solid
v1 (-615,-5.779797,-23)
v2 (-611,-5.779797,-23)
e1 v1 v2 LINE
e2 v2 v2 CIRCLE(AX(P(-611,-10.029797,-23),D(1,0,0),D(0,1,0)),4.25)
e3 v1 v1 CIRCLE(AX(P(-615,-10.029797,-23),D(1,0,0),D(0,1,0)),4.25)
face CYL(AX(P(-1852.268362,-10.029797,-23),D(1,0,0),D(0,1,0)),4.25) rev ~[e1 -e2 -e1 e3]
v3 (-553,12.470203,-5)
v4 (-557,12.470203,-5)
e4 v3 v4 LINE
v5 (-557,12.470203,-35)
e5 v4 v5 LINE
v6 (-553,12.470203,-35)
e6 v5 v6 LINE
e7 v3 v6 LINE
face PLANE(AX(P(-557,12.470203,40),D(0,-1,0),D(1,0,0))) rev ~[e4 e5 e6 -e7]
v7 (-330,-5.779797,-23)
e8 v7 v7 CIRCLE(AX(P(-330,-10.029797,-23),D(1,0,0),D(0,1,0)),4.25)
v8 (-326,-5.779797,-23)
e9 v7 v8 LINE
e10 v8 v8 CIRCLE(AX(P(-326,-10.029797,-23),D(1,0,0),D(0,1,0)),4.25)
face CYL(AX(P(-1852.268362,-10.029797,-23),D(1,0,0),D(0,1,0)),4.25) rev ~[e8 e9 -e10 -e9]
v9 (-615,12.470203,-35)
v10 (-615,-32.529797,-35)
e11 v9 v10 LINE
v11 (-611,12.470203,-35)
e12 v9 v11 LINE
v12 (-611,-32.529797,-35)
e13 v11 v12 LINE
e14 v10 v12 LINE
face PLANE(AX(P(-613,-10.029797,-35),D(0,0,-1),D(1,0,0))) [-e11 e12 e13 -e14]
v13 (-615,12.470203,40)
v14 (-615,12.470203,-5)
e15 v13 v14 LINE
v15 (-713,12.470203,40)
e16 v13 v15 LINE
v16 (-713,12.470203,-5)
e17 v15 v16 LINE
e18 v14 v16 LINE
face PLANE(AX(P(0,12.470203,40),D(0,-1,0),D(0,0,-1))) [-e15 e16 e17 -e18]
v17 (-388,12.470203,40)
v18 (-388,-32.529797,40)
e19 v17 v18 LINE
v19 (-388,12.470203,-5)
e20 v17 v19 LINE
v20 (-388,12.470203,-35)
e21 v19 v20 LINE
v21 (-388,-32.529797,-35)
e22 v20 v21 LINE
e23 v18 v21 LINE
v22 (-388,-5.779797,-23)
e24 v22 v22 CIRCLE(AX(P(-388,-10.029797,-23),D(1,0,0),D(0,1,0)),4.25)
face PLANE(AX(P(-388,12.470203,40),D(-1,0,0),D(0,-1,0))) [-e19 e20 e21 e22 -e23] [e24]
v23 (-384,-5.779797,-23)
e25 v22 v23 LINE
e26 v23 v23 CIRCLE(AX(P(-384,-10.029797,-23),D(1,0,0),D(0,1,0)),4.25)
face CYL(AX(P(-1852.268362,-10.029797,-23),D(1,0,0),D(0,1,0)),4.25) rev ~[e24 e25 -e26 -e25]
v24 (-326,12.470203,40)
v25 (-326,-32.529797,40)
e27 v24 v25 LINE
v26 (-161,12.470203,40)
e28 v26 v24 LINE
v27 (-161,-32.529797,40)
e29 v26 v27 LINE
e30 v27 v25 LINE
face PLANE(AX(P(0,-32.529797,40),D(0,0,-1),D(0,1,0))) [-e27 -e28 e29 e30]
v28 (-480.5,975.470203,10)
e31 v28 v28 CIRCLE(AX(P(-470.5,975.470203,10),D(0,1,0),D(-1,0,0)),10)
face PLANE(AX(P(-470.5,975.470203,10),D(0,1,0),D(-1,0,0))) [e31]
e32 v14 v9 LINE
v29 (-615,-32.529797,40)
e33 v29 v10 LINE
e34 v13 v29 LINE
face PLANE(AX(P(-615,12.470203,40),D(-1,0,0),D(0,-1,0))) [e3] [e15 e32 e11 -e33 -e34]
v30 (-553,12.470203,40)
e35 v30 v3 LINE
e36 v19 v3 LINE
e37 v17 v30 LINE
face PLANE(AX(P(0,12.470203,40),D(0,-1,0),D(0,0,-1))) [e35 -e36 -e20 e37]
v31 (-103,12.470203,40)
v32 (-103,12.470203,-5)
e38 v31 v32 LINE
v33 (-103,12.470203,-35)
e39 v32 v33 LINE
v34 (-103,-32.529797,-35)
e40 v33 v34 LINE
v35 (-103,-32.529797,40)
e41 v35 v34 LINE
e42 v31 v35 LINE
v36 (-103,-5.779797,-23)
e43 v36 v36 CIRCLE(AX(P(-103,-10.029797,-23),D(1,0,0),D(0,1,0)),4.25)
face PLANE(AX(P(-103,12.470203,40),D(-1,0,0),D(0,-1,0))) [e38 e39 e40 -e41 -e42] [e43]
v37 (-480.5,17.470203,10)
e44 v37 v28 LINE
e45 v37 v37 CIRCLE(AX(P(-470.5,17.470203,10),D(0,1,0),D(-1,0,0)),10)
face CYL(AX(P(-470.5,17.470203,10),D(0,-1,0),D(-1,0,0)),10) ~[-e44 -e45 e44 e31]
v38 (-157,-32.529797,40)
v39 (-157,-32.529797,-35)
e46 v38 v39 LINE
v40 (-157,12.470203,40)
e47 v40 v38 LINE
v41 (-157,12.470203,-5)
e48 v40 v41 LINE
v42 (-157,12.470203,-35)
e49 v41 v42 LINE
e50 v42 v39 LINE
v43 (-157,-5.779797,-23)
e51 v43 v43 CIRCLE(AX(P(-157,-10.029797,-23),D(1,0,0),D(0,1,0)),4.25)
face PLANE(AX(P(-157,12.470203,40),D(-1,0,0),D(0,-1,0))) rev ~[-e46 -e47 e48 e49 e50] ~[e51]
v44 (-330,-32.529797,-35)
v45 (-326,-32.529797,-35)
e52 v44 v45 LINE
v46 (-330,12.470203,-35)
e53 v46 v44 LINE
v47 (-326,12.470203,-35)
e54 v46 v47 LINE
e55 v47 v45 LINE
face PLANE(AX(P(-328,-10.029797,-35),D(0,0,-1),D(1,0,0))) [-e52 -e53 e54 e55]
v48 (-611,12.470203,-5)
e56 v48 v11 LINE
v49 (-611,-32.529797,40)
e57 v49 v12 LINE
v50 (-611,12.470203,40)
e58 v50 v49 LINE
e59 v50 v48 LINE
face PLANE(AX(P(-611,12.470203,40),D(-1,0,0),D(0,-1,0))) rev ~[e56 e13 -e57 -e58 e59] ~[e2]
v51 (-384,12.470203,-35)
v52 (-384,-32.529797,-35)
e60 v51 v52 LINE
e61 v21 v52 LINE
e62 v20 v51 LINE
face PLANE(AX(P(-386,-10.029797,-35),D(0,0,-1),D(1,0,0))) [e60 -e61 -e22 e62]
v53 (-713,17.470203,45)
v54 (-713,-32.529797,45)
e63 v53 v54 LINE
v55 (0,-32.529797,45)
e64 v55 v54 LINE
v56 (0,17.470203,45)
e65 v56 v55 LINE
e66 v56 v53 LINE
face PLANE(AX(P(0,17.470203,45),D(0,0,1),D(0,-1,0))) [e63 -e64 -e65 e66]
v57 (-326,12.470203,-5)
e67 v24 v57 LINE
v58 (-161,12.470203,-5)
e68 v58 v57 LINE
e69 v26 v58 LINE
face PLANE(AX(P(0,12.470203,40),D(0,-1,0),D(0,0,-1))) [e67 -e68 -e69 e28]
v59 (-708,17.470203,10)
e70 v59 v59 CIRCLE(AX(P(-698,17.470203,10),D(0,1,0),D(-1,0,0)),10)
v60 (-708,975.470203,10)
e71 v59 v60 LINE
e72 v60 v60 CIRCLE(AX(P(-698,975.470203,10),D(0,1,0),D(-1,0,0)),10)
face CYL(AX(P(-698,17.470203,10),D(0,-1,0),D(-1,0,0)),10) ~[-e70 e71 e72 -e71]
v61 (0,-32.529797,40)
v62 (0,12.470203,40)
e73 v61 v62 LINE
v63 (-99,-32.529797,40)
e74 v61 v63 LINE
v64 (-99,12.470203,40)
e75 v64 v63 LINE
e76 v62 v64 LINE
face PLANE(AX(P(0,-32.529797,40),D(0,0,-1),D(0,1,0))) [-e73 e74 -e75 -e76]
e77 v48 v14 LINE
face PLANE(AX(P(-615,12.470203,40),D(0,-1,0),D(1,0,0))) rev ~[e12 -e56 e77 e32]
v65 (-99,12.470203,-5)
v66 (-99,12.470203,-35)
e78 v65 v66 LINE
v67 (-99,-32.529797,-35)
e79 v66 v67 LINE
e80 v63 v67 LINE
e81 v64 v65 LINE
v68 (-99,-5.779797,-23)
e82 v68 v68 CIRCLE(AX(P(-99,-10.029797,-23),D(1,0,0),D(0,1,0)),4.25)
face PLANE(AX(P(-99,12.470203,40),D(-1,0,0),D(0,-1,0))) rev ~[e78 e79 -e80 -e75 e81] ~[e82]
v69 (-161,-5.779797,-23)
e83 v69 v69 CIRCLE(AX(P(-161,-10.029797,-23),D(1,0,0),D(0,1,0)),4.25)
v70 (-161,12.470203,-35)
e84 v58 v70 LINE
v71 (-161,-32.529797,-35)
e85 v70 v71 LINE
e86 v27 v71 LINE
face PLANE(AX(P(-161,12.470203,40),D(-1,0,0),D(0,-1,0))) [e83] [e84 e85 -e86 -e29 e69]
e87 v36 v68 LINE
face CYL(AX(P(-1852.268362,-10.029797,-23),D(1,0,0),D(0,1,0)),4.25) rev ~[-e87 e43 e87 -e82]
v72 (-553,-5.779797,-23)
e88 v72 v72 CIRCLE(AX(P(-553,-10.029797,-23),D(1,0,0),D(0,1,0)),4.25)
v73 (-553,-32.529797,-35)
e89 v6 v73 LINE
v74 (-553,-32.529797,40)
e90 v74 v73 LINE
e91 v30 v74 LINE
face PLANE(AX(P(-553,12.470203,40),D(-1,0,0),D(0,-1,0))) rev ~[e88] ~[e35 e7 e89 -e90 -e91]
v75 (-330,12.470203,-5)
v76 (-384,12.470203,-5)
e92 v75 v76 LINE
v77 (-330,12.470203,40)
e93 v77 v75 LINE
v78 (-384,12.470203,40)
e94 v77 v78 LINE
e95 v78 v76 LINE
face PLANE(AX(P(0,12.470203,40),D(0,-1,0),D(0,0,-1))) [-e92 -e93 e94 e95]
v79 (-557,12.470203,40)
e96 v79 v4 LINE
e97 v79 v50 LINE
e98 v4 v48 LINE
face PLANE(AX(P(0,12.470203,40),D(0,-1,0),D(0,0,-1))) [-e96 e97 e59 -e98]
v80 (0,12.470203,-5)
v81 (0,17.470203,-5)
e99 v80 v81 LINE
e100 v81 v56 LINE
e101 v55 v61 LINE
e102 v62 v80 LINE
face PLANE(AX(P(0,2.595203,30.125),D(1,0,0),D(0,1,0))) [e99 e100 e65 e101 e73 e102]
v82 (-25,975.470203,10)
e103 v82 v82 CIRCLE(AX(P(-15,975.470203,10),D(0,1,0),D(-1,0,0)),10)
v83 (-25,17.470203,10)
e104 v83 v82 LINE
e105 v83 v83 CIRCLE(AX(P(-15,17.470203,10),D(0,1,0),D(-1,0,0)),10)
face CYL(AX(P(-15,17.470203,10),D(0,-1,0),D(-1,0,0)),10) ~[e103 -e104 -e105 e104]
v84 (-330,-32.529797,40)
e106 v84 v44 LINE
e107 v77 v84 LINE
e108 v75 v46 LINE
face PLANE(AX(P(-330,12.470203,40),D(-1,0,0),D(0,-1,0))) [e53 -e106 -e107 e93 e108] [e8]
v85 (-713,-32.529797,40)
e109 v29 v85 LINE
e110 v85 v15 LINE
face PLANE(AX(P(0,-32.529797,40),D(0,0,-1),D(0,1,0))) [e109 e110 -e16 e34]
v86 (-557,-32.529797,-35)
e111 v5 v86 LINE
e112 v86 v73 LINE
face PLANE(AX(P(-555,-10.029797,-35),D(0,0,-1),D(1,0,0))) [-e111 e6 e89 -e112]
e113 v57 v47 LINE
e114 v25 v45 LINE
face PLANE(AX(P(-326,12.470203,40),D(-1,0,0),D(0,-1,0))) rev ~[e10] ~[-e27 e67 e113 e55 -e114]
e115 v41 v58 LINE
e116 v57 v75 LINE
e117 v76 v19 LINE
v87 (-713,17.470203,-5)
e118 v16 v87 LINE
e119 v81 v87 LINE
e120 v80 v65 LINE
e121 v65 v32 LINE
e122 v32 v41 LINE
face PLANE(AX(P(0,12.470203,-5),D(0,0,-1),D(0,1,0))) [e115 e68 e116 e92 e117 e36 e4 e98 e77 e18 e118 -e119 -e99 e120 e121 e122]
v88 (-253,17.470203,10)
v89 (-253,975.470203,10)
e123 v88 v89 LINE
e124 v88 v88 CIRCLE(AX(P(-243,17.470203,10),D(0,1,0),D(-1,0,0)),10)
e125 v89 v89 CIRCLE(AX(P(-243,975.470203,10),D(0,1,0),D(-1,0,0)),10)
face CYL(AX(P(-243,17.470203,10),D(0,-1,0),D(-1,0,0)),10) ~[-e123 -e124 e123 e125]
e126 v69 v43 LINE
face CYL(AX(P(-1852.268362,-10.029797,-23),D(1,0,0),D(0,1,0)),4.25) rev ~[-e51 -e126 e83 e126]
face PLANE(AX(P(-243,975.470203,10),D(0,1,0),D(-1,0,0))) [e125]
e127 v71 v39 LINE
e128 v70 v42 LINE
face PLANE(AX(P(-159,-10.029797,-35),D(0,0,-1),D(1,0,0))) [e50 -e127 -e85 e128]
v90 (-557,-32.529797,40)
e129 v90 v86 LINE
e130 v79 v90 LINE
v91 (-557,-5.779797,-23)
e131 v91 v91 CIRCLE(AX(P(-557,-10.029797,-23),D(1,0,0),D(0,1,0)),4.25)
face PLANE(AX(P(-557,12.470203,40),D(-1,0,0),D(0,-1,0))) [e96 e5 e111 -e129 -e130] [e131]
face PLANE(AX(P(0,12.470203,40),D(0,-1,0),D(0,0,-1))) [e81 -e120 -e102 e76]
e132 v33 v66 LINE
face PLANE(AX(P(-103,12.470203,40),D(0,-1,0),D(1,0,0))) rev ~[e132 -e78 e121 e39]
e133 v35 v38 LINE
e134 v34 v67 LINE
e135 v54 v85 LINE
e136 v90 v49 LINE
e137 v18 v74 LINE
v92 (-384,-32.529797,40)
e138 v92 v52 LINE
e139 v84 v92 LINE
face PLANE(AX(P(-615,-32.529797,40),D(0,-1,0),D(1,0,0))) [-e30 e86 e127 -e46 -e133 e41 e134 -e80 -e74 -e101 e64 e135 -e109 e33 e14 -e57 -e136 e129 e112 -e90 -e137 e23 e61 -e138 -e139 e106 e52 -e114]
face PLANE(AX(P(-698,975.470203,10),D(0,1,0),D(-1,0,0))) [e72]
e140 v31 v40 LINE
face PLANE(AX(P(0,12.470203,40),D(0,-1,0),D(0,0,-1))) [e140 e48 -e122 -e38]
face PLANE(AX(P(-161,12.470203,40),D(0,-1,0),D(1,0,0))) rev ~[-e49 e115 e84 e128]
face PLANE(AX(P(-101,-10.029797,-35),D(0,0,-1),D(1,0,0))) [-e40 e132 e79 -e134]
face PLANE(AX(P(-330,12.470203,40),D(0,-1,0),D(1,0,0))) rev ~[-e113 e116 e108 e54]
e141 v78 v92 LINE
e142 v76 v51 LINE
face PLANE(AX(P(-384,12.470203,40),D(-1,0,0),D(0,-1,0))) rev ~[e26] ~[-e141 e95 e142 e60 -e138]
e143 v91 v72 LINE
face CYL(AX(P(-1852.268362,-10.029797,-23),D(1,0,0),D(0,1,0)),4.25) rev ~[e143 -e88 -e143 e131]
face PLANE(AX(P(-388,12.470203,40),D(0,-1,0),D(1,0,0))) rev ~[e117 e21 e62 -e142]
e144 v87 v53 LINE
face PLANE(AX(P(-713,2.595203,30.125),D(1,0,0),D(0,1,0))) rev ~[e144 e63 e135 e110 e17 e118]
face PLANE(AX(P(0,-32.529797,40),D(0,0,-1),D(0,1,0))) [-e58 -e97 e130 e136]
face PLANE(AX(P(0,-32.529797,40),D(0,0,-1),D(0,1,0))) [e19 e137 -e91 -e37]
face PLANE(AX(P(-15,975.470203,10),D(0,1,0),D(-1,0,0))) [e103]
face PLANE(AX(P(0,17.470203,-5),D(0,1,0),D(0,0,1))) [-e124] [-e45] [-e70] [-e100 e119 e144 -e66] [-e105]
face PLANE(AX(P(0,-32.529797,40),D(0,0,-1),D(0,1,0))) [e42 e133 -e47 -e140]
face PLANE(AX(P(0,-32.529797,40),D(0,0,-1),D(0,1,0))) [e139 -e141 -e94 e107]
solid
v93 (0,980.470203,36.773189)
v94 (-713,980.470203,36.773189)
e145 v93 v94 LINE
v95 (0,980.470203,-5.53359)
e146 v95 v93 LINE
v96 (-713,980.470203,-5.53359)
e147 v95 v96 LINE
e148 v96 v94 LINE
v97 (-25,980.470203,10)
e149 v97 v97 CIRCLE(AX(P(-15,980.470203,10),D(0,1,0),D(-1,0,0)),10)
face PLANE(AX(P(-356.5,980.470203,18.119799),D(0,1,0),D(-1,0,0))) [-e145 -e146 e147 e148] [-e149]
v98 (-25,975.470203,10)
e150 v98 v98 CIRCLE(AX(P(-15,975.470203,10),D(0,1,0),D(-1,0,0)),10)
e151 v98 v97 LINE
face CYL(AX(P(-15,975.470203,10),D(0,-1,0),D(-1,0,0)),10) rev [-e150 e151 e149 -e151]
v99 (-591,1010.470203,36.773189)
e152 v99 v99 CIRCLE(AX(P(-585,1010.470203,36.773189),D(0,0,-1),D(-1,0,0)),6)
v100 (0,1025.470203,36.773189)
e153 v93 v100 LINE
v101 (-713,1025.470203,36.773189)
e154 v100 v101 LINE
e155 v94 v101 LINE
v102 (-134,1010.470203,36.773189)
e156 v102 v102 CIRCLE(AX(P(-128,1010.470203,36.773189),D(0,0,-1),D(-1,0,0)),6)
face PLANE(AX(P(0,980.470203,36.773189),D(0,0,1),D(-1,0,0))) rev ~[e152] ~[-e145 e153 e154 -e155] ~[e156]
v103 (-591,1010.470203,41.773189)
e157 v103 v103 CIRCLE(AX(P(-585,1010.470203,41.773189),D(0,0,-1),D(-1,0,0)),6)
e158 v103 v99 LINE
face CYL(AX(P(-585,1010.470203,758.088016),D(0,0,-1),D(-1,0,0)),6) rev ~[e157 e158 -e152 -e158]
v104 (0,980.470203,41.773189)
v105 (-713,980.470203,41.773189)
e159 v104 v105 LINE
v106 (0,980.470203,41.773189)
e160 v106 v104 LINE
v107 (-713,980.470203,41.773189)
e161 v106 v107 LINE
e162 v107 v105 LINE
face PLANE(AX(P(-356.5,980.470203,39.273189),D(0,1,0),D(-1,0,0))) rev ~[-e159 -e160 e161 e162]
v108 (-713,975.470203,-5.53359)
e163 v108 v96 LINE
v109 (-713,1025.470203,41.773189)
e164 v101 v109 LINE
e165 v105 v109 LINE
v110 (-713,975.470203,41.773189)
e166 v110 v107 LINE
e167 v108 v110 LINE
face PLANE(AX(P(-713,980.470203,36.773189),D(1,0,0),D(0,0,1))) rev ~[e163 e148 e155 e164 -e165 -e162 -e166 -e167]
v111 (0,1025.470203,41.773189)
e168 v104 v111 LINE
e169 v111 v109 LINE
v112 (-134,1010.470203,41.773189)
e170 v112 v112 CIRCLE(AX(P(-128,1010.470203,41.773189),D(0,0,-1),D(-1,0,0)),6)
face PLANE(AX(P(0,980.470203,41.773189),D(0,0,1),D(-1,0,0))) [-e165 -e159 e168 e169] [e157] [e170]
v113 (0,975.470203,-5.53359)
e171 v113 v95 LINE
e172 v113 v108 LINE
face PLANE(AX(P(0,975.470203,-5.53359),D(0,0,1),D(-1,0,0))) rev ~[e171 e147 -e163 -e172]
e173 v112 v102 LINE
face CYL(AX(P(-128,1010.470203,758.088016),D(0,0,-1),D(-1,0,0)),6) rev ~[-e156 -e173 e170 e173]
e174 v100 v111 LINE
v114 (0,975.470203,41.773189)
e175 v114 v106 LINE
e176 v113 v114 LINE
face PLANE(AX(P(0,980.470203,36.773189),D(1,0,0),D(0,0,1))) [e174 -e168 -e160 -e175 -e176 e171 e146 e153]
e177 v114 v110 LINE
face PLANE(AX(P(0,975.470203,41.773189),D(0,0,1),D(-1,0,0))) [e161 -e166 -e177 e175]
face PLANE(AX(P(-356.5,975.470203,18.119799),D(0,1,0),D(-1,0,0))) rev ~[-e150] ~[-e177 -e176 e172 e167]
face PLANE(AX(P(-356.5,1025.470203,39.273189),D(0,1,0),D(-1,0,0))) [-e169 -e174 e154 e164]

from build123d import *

# Parameters (mm, degrees)
F1_DEPTH  = 713
F2_R      = 10
F3_DEPTH  = 958
F4_W      = 713
F4_H      = 47.306779
F4_R      = 10
F5_DEPTH  = 5
F6_W      = 713
F6_H      = 5
F7_DEPTH  = 45
F10_W     = 4
F10_H     = 45
F11_DEPTH = 75
F13_D     = 8.5
F15_D     = 12


with BuildPart() as f1:
    # F0 (on Right) → F1 (new body)
    with BuildSketch(Plane.YZ):
        Polygon((17.470203, 45), (-32.529797, 45), (-32.529797, 40), (12.470203, 40), (12.470203, -5), (17.470203, -5), align=None)
    extrude(amount=-F1_DEPTH)

    # F2 (on face) → F3 (join)
    with BuildSketch(Plane(origin=(0, 17.470203, 0), x_dir=(-1, 0, 0), z_dir=(0, 1, 0))):
        with Locations((698, 10)):
            Circle(F2_R)
        with Locations((470.5, 10)):
            Circle(F2_R)
        with Locations((243, 10)):
            Circle(F2_R)
        with Locations((15, 10)):
            Circle(F2_R)
    extrude(amount=F3_DEPTH)

    # F10 (on face) → F11 (join)
    with BuildSketch(Plane(origin=(0, 0, 40), x_dir=(1, 0, 0), z_dir=(0, 0, -1))):
        with Locations((-613, 10.029797)):
            Rectangle(F10_W, F10_H)
        with Locations((-555, 10.029797)):
            Rectangle(F10_W, F10_H)
        with Locations((-386, 10.029797)):
            Rectangle(F10_W, F10_H)
        with Locations((-328, 10.029797)):
            Rectangle(F10_W, F10_H)
        with Locations((-159, 10.029797)):
            Rectangle(F10_W, F10_H)
        with Locations((-101, 10.029797)):
            Rectangle(F10_W, F10_H)
    extrude(amount=F11_DEPTH)

    # F13 (through all)
    with Locations(Plane(origin=(-615, 0, 0), x_dir=(0, -1, 0), z_dir=(-1, 0, 0))):
        with Locations((10.029797, -23)):
            Hole(F13_D / 2)


with BuildPart() as f5:
    # F4 (on face) → F5 (new body)
    with BuildSketch(Plane(origin=(0, 975.470203, 0), x_dir=(-1, 0, 0), z_dir=(0, 1, 0))):
        with Locations((356.5, 18.119799)):
            Rectangle(F4_W, F4_H)
        with Locations((15, 10)):
            Circle(F4_R, mode=Mode.SUBTRACT)
    extrude(amount=F5_DEPTH)

    # F6 (on face) → F7 (join)
    with BuildSketch(Plane(origin=(0, 980.470203, 0), x_dir=(-1, 0, 0), z_dir=(0, 1, 0))):
        with Locations((356.5, 39.273189)):
            Rectangle(F6_W, F6_H)
    extrude(amount=F7_DEPTH)

    # F15 (through all)
    with Locations(Plane.XY.offset(41.773189)):
        with Locations((-585, 1010.470203), (-128, 1010.470203)):
            Hole(F15_D / 2)


solid = Compound([f1.part, f5.part])
